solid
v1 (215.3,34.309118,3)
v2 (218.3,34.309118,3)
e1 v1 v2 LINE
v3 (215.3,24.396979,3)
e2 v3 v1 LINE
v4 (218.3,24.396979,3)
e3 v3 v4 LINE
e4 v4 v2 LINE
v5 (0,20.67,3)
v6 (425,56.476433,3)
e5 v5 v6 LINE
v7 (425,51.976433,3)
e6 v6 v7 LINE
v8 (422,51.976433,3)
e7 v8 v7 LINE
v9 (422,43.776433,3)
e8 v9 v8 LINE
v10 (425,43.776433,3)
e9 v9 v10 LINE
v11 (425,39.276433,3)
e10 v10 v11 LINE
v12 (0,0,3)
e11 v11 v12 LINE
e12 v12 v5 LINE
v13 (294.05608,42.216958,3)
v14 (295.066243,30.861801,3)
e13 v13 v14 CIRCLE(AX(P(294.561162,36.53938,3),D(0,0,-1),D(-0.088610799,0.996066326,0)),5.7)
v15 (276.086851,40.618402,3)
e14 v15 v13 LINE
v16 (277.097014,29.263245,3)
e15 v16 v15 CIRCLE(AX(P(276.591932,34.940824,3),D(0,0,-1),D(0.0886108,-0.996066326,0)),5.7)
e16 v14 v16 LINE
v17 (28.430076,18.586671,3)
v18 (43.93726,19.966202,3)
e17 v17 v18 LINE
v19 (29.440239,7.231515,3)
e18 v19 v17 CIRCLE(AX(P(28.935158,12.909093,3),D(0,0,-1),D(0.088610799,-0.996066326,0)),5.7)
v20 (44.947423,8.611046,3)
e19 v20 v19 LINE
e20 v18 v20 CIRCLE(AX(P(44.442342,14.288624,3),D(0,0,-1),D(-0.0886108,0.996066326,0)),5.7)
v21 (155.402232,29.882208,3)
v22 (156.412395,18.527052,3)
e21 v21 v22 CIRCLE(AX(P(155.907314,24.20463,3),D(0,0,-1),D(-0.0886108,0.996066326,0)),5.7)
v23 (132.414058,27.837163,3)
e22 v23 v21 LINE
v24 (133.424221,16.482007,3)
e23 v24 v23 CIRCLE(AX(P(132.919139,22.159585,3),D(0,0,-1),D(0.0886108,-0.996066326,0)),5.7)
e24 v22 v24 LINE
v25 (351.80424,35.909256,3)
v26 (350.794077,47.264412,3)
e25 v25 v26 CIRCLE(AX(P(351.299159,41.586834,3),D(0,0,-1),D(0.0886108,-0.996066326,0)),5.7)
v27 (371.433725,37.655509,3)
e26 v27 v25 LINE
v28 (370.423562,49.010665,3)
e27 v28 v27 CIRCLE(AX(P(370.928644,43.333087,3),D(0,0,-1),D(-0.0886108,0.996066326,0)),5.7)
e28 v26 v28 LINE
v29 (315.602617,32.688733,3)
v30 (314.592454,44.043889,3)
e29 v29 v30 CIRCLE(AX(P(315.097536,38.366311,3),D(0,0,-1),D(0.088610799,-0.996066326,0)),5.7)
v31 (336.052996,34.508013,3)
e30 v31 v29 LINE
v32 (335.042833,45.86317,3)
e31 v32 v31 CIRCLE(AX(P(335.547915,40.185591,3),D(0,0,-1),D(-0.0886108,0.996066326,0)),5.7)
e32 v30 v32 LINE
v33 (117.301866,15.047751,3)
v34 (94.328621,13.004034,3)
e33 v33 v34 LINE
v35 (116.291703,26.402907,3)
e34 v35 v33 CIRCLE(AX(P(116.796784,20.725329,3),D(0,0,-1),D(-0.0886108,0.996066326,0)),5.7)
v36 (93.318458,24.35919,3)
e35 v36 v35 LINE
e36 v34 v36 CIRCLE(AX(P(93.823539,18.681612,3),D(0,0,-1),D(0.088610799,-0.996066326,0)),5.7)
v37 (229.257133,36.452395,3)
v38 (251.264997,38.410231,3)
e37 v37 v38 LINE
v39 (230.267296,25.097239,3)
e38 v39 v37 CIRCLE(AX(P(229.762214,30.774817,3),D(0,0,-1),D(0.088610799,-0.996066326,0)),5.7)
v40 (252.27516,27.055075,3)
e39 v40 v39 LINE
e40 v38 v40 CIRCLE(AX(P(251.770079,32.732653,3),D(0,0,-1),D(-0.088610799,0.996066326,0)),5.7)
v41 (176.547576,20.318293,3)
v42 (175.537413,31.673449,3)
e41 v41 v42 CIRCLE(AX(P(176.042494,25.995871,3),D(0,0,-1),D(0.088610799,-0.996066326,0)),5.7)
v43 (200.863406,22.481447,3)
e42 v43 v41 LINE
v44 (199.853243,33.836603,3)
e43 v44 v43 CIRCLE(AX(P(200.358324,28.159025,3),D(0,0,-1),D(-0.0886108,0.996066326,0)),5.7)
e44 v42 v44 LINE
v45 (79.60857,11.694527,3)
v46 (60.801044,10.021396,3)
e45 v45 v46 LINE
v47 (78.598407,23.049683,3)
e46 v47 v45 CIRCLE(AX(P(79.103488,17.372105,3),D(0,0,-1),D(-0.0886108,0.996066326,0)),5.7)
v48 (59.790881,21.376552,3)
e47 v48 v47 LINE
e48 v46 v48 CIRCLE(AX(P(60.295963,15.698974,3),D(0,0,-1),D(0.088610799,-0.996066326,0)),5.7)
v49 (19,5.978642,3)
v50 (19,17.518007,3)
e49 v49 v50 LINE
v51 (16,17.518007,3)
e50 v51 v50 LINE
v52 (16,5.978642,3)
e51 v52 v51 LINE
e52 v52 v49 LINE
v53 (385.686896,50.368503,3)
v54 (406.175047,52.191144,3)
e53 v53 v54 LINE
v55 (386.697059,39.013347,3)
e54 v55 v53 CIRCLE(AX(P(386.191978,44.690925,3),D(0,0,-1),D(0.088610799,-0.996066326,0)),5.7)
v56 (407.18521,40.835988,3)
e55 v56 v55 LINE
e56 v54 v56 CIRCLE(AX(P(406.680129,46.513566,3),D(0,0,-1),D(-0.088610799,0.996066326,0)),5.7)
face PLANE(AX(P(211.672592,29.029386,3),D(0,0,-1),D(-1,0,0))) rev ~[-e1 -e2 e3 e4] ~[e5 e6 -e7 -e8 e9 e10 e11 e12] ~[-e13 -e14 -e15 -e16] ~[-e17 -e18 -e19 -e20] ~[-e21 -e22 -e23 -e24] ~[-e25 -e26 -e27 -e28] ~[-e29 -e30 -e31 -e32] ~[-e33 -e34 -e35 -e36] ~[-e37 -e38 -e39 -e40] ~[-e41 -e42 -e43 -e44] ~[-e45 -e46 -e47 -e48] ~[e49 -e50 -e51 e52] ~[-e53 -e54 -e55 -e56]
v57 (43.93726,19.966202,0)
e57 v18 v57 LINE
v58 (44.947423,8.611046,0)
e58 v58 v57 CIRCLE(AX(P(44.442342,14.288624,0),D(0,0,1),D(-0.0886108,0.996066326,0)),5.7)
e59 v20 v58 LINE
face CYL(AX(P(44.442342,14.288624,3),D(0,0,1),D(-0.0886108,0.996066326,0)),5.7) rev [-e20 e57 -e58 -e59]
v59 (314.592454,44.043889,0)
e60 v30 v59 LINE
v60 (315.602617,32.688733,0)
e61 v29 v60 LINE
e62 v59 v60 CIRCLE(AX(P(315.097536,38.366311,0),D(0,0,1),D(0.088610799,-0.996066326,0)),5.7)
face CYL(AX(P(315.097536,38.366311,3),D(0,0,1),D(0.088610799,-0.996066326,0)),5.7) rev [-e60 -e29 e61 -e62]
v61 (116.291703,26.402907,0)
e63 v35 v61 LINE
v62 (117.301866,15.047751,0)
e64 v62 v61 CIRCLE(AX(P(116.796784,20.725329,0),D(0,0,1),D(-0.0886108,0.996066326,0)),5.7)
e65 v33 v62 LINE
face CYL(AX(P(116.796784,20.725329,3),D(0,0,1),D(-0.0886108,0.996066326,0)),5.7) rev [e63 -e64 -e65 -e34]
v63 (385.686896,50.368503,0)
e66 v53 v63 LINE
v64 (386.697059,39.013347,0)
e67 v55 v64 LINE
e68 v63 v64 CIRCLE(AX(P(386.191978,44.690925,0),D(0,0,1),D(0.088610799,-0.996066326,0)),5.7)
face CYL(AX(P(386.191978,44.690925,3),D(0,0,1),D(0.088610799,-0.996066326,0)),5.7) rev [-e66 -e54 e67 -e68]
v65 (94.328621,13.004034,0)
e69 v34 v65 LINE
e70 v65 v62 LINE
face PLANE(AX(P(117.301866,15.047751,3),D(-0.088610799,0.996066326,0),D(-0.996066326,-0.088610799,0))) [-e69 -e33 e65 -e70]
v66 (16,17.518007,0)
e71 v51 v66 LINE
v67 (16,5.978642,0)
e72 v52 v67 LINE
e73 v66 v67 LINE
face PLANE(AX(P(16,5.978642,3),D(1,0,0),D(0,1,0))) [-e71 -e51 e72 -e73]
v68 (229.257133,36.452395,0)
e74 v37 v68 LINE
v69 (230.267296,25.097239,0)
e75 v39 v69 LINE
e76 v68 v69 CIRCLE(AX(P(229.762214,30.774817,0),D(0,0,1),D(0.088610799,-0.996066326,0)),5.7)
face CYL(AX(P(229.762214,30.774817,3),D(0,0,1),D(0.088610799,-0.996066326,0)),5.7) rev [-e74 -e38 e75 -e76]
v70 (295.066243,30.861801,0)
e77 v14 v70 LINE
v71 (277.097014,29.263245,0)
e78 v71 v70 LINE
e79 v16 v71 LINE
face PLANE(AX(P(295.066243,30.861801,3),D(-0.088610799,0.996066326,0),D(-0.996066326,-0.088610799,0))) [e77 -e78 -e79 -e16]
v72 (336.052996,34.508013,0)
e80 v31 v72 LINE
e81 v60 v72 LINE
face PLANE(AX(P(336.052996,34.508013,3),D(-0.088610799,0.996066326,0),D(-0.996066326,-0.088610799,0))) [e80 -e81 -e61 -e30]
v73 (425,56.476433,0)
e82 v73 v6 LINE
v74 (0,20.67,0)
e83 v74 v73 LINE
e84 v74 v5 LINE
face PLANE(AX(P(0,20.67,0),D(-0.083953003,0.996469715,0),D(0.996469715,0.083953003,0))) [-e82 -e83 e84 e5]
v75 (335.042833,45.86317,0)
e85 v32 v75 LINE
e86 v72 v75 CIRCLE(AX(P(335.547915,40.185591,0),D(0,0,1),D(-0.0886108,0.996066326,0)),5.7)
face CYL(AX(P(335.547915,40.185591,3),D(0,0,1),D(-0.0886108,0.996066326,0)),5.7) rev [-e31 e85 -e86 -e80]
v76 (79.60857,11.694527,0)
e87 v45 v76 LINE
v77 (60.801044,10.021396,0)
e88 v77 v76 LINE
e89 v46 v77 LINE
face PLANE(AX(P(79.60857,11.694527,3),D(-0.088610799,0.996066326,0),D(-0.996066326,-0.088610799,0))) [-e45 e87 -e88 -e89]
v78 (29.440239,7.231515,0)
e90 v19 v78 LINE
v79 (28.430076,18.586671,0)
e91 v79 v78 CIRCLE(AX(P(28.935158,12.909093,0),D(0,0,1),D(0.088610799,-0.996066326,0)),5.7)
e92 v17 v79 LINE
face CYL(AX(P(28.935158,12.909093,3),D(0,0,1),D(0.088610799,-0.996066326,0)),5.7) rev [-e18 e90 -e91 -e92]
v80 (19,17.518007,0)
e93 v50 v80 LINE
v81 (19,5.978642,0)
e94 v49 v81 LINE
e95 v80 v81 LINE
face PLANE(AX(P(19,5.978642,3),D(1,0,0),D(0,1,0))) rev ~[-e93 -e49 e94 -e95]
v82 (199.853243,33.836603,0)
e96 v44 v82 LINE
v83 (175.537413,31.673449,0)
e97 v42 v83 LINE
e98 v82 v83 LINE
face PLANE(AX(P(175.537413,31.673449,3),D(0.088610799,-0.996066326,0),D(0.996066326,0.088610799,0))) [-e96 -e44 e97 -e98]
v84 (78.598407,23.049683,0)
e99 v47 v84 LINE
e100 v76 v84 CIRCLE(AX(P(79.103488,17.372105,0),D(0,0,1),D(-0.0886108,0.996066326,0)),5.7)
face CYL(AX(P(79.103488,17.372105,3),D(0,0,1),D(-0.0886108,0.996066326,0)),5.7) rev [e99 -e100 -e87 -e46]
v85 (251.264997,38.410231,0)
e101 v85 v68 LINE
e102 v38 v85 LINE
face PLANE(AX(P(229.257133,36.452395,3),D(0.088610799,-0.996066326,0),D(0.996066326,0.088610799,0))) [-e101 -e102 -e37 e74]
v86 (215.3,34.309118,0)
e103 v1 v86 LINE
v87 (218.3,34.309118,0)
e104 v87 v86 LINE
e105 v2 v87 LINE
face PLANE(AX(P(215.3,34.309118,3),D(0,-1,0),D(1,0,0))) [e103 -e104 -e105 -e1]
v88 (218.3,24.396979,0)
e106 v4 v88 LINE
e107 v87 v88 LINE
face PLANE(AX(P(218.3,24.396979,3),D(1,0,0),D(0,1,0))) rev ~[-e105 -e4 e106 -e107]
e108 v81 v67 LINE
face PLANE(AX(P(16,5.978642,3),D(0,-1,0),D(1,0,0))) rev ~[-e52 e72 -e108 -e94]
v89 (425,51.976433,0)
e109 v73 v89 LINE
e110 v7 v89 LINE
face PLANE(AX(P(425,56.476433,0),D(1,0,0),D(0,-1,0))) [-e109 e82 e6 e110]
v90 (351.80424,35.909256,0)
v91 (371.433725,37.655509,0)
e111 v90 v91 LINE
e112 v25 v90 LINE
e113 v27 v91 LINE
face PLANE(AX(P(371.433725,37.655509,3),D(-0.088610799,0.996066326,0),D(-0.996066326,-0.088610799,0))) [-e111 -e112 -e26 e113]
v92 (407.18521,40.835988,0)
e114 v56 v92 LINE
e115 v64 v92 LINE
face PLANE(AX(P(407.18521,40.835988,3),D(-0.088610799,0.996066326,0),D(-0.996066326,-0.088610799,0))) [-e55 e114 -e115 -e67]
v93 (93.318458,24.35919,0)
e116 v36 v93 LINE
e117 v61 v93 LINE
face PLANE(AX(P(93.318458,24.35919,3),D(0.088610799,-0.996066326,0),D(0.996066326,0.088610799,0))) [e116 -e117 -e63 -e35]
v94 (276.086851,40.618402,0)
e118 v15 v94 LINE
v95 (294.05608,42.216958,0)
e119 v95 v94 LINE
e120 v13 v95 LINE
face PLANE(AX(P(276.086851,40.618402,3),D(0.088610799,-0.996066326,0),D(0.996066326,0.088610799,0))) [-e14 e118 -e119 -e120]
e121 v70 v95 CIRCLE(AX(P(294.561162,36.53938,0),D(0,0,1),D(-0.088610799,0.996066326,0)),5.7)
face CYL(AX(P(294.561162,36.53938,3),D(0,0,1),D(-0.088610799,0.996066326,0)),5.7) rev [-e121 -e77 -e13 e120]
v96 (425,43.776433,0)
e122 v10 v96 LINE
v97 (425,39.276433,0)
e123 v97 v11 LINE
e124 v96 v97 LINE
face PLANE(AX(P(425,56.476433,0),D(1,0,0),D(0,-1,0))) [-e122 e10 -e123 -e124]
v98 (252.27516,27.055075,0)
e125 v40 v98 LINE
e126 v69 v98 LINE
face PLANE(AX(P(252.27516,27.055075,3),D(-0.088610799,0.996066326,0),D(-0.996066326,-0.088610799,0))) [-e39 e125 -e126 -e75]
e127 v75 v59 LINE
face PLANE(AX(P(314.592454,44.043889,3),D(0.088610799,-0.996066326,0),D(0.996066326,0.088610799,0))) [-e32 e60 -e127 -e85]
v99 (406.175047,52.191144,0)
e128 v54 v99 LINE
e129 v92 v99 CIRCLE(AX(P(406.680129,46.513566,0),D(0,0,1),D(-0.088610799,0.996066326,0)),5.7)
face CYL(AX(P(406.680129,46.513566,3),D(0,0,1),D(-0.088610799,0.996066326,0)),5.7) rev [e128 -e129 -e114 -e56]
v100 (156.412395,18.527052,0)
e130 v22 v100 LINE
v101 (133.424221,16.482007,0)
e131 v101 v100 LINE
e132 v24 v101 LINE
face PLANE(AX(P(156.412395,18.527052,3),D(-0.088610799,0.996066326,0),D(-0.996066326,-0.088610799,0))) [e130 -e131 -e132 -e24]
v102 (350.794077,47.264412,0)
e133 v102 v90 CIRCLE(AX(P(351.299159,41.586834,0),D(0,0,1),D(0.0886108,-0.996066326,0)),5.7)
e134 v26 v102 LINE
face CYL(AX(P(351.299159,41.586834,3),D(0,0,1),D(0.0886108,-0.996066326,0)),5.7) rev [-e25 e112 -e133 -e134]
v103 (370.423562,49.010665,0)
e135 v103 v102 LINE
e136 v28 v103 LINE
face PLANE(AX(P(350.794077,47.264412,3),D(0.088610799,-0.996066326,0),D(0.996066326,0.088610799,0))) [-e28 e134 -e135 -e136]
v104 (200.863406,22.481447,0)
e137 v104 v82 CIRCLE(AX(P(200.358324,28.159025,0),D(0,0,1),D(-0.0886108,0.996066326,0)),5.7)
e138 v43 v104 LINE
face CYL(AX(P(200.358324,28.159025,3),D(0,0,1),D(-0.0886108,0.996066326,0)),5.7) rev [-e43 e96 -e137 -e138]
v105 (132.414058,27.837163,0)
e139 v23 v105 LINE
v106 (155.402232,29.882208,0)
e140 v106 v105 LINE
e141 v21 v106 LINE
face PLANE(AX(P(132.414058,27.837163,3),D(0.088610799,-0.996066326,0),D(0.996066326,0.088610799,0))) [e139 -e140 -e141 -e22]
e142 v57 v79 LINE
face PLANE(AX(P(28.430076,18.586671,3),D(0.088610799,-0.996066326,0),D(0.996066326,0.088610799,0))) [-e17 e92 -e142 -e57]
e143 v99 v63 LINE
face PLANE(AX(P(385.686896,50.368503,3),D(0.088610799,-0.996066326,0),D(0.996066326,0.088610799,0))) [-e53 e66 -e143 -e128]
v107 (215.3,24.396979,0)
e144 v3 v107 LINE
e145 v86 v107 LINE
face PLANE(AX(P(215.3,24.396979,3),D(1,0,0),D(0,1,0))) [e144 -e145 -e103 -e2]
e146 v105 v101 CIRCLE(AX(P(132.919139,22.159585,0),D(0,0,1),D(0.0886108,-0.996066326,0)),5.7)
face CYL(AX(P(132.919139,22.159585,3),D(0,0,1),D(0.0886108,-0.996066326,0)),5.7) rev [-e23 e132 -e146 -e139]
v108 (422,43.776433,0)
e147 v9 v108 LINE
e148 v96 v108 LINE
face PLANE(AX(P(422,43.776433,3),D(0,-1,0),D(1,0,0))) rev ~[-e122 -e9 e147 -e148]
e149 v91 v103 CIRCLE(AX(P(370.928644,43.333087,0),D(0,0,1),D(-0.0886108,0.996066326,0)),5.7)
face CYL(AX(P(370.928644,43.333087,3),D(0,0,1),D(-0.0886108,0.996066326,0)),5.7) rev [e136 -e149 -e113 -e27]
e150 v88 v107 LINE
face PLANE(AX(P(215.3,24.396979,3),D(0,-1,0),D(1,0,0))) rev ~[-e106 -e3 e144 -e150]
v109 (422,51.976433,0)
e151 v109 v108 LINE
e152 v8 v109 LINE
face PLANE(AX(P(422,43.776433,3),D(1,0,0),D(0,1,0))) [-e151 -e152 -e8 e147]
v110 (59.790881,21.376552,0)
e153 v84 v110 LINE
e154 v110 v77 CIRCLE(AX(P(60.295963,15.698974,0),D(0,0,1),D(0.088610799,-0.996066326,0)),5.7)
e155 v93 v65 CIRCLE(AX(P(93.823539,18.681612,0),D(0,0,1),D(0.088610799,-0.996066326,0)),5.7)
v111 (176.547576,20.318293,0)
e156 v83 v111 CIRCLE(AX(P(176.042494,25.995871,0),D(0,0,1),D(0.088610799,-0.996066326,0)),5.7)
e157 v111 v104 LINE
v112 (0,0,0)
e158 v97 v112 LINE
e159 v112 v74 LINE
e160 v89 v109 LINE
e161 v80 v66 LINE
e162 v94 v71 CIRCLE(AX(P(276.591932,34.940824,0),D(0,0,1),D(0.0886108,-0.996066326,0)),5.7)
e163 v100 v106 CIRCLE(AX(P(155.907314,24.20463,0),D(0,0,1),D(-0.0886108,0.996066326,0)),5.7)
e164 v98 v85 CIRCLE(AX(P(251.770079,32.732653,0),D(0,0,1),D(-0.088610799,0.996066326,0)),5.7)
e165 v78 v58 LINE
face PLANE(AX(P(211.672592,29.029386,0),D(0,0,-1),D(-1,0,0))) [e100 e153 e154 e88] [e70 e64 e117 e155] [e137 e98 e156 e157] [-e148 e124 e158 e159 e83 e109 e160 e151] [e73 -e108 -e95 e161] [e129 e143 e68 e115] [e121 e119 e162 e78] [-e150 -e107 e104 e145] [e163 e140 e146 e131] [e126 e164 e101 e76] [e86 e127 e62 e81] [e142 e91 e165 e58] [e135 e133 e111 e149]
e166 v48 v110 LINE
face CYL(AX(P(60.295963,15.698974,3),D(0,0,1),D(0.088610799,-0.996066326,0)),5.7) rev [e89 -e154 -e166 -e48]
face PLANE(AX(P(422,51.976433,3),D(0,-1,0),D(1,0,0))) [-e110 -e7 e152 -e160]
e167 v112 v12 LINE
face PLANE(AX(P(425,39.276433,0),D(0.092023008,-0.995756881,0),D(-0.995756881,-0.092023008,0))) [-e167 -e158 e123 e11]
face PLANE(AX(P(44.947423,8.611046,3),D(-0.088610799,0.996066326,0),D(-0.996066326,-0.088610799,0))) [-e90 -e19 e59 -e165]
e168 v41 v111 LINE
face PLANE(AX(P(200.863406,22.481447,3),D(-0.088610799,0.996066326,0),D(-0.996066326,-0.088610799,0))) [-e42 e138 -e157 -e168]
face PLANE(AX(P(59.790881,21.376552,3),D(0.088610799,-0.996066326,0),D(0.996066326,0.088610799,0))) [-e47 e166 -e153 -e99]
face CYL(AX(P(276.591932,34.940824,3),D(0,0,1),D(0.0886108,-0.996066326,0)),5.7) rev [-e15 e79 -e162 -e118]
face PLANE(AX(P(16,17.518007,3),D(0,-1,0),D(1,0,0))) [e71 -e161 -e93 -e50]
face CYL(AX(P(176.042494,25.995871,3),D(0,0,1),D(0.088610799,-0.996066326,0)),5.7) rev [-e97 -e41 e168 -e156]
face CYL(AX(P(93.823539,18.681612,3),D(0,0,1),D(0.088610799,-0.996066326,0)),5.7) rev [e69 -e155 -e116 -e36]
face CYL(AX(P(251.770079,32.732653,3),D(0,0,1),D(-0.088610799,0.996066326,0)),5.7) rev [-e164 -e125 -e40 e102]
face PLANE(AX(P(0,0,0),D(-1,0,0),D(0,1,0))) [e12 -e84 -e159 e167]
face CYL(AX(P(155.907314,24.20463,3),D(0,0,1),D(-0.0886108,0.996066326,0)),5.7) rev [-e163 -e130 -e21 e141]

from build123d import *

# Parameters (mm, degrees)
BOSS_EXTRUDE1_DEPTH = 3
SKETCH2_W           = 3
SKETCH2_H           = 11.539364706
SKETCH2_H_2         = 9.912138823
SKETCH2_H_3         = 8.2
CUT_EXTRUDE1_DEPTH  = 10
CUT_EXTRUDE2_DEPTH  = 76.2


with BuildPart() as part:
    # Sketch1 → Boss-Extrude1 (new body)
    with BuildSketch(Plane.XY):
        Polygon((0, 0), (0, 20.67), (425, 56.476433126), (425, 39.276433126), align=None)
    extrude(amount=BOSS_EXTRUDE1_DEPTH)

    # Sketch2 → Cut-Extrude1 (cut)
    with BuildSketch(Plane.XY.offset(3)):
        with Locations((17.5, 11.748324541)):
            Rectangle(SKETCH2_W, SKETCH2_H)
        with Locations((216.8, 29.353048358)):
            Rectangle(SKETCH2_W, SKETCH2_H_2)
        with Locations((423.5, 47.876433126)):
            Rectangle(SKETCH2_W, SKETCH2_H_3)
    extrude(amount=-CUT_EXTRUDE1_DEPTH, mode=Mode.SUBTRACT)

    # Sketch4 → Cut-Extrude2 (cut)
    with BuildSketch(Plane.XY.offset(3)):
        with BuildLine():
            Line((28.430075945, 18.586671141), (43.937260326, 19.96620177))
            ThreePointArc((43.937260326, 19.96620177), (50.119919943, 14.793705267), (44.94742344, 8.611045651))
            Line((44.94742344, 8.611045651), (29.440239059, 7.231515022))
            ThreePointArc((29.440239059, 7.231515022), (23.257579443, 12.404011524), (28.430075945, 18.586671141))
        make_face()
        with BuildLine():
            Line((59.790881277, 21.376551653), (78.598406673, 23.049683067))
            ThreePointArc((78.598406673, 23.049683067), (84.78106629, 17.877186565), (79.608569787, 11.694526949))
            Line((79.608569787, 11.694526949), (60.801044391, 10.021395534))
            ThreePointArc((60.801044391, 10.021395534), (54.618384775, 15.193892037), (59.790881277, 21.376551653))
        make_face()
        with BuildLine():
            Line((229.2571326, 36.452395115), (251.2649972, 38.41023108))
            ThreePointArc((251.2649972, 38.41023108), (257.447656816, 33.237734577), (252.275160313, 27.055074961))
            Line((252.275160313, 27.055074961), (230.267295713, 25.097238996))
            ThreePointArc((230.267295713, 25.097238996), (224.084636097, 30.269735499), (229.2571326, 36.452395115))
        make_face()
        with BuildLine():
            Line((93.318457851, 24.359189743), (116.291702582, 26.40290664))
            ThreePointArc((116.291702582, 26.40290664), (122.474362199, 21.230410138), (117.301865696, 15.047750521))
            Line((117.301865696, 15.047750521), (94.328620964, 13.004033624))
            ThreePointArc((94.328620964, 13.004033624), (88.145961348, 18.176530126), (93.318457851, 24.359189743))
        make_face()
        with BuildLine():
            Line((132.414057624, 27.837163307), (155.402232027, 29.88220836))
            ThreePointArc((155.402232027, 29.88220836), (161.584891644, 24.709711857), (156.412395141, 18.527052241))
            Line((156.412395141, 18.527052241), (133.424220738, 16.482007189))
            ThreePointArc((133.424220738, 16.482007189), (127.241561121, 21.654503691), (132.414057624, 27.837163307))
        make_face()
        with BuildLine():
            Line((175.537412929, 31.673448993), (199.853242838, 33.836603264))
            ThreePointArc((199.853242838, 33.836603264), (206.035902455, 28.664106762), (200.863405952, 22.481447145))
            Line((200.863405952, 22.481447145), (176.547576043, 20.318292874))
            ThreePointArc((176.547576043, 20.318292874), (170.364916427, 25.490789377), (175.537412929, 31.673448993))
        make_face()
        with BuildLine():
            Line((276.086850874, 40.618401601), (294.056080345, 42.216957588))
            ThreePointArc((294.056080345, 42.216957588), (300.238739961, 37.044461085), (295.066243459, 30.861801469))
            Line((295.066243459, 30.861801469), (277.097013988, 29.263245482))
            ThreePointArc((277.097013988, 29.263245482), (270.914354371, 34.435741984), (276.086850874, 40.618401601))
        make_face()
        with BuildLine():
            Line((314.592454226, 44.043888646), (335.042833198, 45.863169534))
            ThreePointArc((335.042833198, 45.863169534), (341.225492815, 40.690673031), (336.052996312, 34.508013415))
            Line((336.052996312, 34.508013415), (315.60261734, 32.688732527))
            ThreePointArc((315.60261734, 32.688732527), (309.419957724, 37.86122903), (314.592454226, 44.043888646))
        make_face()
        with BuildLine():
            Line((350.794077228, 47.26441189), (370.423562276, 49.010665445))
            ThreePointArc((370.423562276, 49.010665445), (376.606221893, 43.838168943), (371.43372539, 37.655509326))
            Line((371.43372539, 37.655509326), (351.804240342, 35.909255771))
            ThreePointArc((351.804240342, 35.909255771), (345.621580725, 41.081752274), (350.794077228, 47.26441189))
        make_face()
        with BuildLine():
            Line((385.686896011, 50.36850294), (406.175047046, 52.191144058))
            ThreePointArc((406.175047046, 52.191144058), (412.357706662, 47.018647556), (407.18521016, 40.835987939))
            Line((407.18521016, 40.835987939), (386.697059125, 39.013346821))
            ThreePointArc((386.697059125, 39.013346821), (380.514399509, 44.185843323), (385.686896011, 50.36850294))
        make_face()
    extrude(amount=-CUT_EXTRUDE2_DEPTH, mode=Mode.SUBTRACT)


solid = part.part
